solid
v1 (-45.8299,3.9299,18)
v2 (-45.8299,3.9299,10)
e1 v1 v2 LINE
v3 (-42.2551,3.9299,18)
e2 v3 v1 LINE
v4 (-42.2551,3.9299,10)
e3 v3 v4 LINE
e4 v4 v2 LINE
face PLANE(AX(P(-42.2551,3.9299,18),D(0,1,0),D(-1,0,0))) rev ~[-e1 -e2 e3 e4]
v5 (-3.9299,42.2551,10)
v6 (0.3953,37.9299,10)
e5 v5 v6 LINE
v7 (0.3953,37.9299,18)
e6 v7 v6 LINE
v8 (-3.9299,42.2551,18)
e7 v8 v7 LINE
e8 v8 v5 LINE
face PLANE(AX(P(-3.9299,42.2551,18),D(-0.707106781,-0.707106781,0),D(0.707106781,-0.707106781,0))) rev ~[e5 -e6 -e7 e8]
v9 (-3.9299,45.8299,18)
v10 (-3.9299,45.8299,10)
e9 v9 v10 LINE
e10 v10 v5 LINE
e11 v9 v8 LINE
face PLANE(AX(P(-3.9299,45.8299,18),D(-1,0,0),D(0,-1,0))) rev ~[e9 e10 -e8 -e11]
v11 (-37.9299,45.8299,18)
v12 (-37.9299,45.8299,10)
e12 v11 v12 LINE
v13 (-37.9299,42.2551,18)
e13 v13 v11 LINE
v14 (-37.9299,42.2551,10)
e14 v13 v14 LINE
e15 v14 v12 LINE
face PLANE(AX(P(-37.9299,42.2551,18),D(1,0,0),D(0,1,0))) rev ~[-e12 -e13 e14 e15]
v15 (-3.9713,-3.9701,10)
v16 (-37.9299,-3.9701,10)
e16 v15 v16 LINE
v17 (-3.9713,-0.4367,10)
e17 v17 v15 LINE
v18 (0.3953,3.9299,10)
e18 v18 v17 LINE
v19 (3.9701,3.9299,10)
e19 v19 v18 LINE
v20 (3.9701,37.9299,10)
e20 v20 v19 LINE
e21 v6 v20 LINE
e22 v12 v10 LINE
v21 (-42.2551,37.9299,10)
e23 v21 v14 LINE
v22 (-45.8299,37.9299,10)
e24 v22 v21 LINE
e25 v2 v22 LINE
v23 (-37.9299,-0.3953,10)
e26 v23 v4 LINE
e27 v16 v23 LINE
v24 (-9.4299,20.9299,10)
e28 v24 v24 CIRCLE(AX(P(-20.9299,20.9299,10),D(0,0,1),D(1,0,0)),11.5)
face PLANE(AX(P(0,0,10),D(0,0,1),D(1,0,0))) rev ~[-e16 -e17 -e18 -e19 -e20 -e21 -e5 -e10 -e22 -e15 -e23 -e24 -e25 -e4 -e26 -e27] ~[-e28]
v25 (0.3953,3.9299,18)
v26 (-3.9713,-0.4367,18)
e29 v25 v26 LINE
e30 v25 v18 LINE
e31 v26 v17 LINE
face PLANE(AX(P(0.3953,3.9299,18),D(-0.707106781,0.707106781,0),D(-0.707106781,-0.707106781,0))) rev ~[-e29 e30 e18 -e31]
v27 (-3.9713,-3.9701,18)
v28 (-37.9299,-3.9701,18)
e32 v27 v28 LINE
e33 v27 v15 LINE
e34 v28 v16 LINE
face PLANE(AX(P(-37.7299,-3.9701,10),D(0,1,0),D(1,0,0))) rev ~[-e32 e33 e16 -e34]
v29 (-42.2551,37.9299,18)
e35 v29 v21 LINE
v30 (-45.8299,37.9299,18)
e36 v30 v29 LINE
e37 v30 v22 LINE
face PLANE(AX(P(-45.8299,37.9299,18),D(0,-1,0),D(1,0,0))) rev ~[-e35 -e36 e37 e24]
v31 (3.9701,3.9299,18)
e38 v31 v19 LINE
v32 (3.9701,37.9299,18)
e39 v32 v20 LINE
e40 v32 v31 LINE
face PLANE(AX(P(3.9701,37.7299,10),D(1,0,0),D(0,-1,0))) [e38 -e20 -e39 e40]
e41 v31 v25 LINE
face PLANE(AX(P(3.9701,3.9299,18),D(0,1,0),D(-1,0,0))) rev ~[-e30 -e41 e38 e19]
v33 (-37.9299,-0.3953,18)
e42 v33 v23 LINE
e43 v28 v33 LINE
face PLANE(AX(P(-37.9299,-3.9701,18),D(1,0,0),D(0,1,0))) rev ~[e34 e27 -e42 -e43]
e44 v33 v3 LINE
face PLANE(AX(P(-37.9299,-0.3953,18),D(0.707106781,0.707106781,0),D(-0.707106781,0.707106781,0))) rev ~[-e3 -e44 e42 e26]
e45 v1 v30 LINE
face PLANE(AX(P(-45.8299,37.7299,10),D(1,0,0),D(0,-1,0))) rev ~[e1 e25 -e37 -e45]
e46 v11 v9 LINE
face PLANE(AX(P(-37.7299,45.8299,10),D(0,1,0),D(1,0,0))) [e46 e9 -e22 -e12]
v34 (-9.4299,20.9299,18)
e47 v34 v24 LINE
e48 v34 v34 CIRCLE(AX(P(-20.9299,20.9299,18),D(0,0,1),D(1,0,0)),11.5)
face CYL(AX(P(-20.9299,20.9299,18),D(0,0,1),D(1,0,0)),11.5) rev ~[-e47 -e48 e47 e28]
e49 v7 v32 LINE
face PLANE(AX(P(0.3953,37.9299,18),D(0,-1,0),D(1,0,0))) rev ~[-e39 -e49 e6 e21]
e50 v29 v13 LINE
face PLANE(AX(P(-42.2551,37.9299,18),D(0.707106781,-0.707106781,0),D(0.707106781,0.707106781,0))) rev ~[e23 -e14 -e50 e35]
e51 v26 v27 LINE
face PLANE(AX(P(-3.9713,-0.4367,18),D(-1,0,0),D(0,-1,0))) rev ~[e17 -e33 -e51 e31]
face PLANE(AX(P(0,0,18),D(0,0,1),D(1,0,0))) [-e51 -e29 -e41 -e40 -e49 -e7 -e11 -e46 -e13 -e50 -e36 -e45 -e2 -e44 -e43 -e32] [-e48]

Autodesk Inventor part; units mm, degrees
ref_plane "YZ Plane" through (0, 0, 0) normal (1, 0, 0) x (0, 1, 0)
ref_plane "XZ Plane" through (0, 0, 0) normal (0, 1, 0) x (-1, 0, 0)
ref_plane "Work Plane1" through (0, 0, 10) normal (0, 0, 1) x (1, 0, 0)
sketch "Sketch1" plane through (0, 0, 10) normal (0, 0, 1) x (1, 0, 0)
  line L0 (-4.0299, -0.3538) -> (-2.2322, 1.4439) construction
  arc A0 (-1.4439, 2.2322) -> (-2.2322, 1.4439) centre (-0.9299, 0.9299) ccw construction
  line L1 (-1.4439, 2.2322) -> (0.3538, 4.0299) construction
  line L2 (-37.8299, 42.8299) -> (-37.8299, 37.8299) construction
  line L3 (-37.8299, 37.8299) -> (-42.9208, 37.8299) construction
  line L4 (-37.8299, 42.2137) -> (-37.8299, 45.8299) construction
  line L5 (-37.8299, 45.8299) -> (-4.0299, 45.8299) construction
  line L6 (-4.0299, 45.8299) -> (-4.0299, 42.2137) construction
  line L7 (-4.0299, 4.0299) -> (0.3538, 4.0299) projected
  circle A1 centre (-20.9299, 20.9299) radius 17.5 projected
  line L8 (-20.9299, 58.9723) -> (17.1124, 20.9299) construction
  line L9 (17.1124, 20.9299) -> (-20.9299, -17.1124) construction
  line L10 (-20.9299, -17.1124) -> (-58.9723, 20.9299) construction
  line L11 (-58.9723, 20.9299) -> (-20.9299, 58.9723) construction
  line L12 (-20.9299, 58.9723) -> (-20.9299, -17.1124) construction
  line L13 (17.1124, 20.9299) -> (-58.9723, 20.9299) construction
  line L14 (-20.9299, 58.9723) -> (32.8701, 58.9723) construction
  line L15 (-43.4299, 43.4299) -> (1.5701, 43.4299) construction
  line L16 (1.5701, 43.4299) -> (1.5701, -1.5701) construction
  line L17 (1.5701, -1.5701) -> (-43.4299, -1.5701) construction
  line L18 (-43.4299, -1.5701) -> (-43.4299, 43.4299) construction
  line L19 (-43.4299, 43.4299) -> (1.5701, -1.5701) construction
  line L20 (1.5701, 43.4299) -> (-43.4299, -1.5701) construction
  line L21 (-43.4299, 5.3876) -> (-43.4299, 36.4723)
  line L22 (-43.4299, 36.4723) -> (-36.4723, 43.4299)
  line L23 (-36.4723, 43.4299) -> (-5.3876, 43.4299)
  line L24 (-5.3876, 43.4299) -> (1.5701, 36.4723)
  line L25 (1.5701, 36.4723) -> (1.5701, 5.3876)
  line L26 (1.5701, 5.3876) -> (-5.3876, -1.5701)
  line L27 (-5.3876, -1.5701) -> (-36.4723, -1.5701)
  line L28 (-36.4723, -1.5701) -> (-43.4299, 5.3876)
  line L29 (-4.0299, 42.2137) -> (-37.8299, 42.2137) projected
  line L30 (-4.0299, -0.3538) -> (-4.0299, 4.0299) projected
  circle A2 centre (-20.9299, 20.9299) radius 1.5
  line L31 (-10.9299, 10.9299) -> (-30.9299, 10.9299) construction
  line L32 (-30.9299, 10.9299) -> (-30.9299, 30.9299) construction
  line L33 (-30.9299, 30.9299) -> (-10.9299, 30.9299) construction
  line L34 (-10.9299, 30.9299) -> (-10.9299, 10.9299) construction
  line L35 (-10.9299, 10.9299) -> (-30.9299, 30.9299) construction
  line L36 (-30.9299, 10.9299) -> (-10.9299, 30.9299) construction
  circle A3 centre (-30.9299, 30.9299) radius 1.4
  circle A4 centre (-30.9299, 10.9299) radius 1.4
  circle A5 centre (-10.9299, 10.9299) radius 1.4
  line L37 (-45.8299, 37.8299) -> (-42.0723, 37.8299) construction
  line L38 (-42.1723, 37.7299) -> (-45.8299, 37.7299)
  line L39 (-45.8299, 37.7299) -> (-45.8299, 4.1299)
  line L40 (-45.8299, 4.1299) -> (-42.1723, 4.1299)
  line L41 (-42.1723, 4.1299) -> (-42.1723, 37.7299)
  line L42 (-45.8299, 4.0299) -> (-42.0723, 4.0299) construction
  line L43 (-45.8299, 37.8299) -> (-42.0723, 37.8299) projected
  line L44 (-37.7299, 45.8299) -> (-4.1299, 45.8299)
  line L45 (-4.1299, 45.8299) -> (-4.1299, 42.1723)
  line L46 (-4.1299, 42.1723) -> (-37.7299, 42.1723)
  line L47 (-37.7299, 42.1723) -> (-37.7299, 45.8299)
  line L48 (0.4701, 37.8299) -> (0.4701, 4.0299) construction
  line L49 (0.4701, 4.0299) -> (3.9701, 4.0299) construction
  line L50 (3.9701, 37.8299) -> (3.9701, 4.0299) construction
  line L51 (0.4701, 37.8299) -> (3.9701, 37.8299) construction
  line L52 (-45.8299, -3.9701) -> (-4.0299, -3.9701) construction
  line L53 (0.3124, 37.7299) -> (3.9701, 37.7299)
  line L54 (3.9701, 37.7299) -> (3.9701, 4.1299)
  line L55 (3.9701, 4.1299) -> (0.3124, 4.1299)
  line L56 (0.3124, 4.1299) -> (0.3124, 37.7299)
  line L57 (-4.1713, -0.3538) -> (-37.7299, -0.3538)
  line L58 (-37.7299, -0.3538) -> (-37.7299, -3.9701)
  line L59 (-37.7299, -3.9701) -> (-4.1713, -3.9701)
  line L60 (-4.1713, -3.9701) -> (-4.1713, -0.3538)
  point P0 (-37.8299, 4.0299)
  dimension "d18" = 53.8
  dimension "d19" = 45
  dimension "d20" = 53.8
  dimension "d21" = 45
  dimension "d22" = 45
  dimension "d30" = 20
  dimension "d31" = 20
  dimension "d32" = 2.8
  dimension "d33" = 2.8
  dimension "d34" = 2.8
  dimension "d35" = 3
  dimension "d36" = 0.1
  dimension "d37" = 0.1
  dimension "d38" = 0.1
  dimension "d39" = 0.1
extrude "Extrusion1" add sketch "Sketch1" along normal blind 8 contours L30 L26 L57 L28 L41 L22 L46 L24 L56 L7 | L7 L26 L30 | L56 L24 L25 L26 | L26 L25 L24 L53 L54 L55 | L60 L59 L58 L57 L28 L27 L26 | L26 L27 L28 L57 | L46 L22 L29 L24 | L24 L29 L45 | L40 L39 L38 L22 L21 L28 | L28 L21 L22 L41 | L29 L22 L23 L24 | L24 L23 L22 L29 L47 L44 L45 | L47 L29 L22 | A1 | A2 | A3 | A4 | A5
sketch "Skizze4" plane through (0, 0, 18) normal (0, 0, 1) x (1, 0, 0)
  line L0 (-37.7299, 42.1723) -> (-42.1723, 37.7299) projected
  line L1 (-42.1723, 37.7299) -> (-45.8299, 37.7299) projected
  line L2 (-45.8299, 37.7299) -> (-45.8299, 4.1299) construction
  line L3 (-45.8299, 4.1299) -> (-42.1723, 4.1299) projected
  line L4 (-42.1723, 4.1299) -> (-37.6885, -0.3538) projected
  line L5 (-37.6885, -0.3538) -> (-37.7299, -0.3538) projected
  line L6 (-37.7299, -0.3538) -> (-37.7299, -3.9701) projected
  line L7 (-37.7299, -3.9701) -> (-4.1713, -3.9701) construction
  line L8 (-4.1713, -3.9701) -> (-4.1713, -0.3538) projected
  line L9 (-4.1713, -0.3538) -> (0.3124, 4.1299) projected
  line L10 (0.3124, 4.1299) -> (3.9701, 4.1299) projected
  line L11 (3.9701, 4.1299) -> (3.9701, 37.7299) construction
  line L12 (3.9701, 37.7299) -> (0.3124, 37.7299) projected
  line L13 (0.3124, 37.7299) -> (-4.1299, 42.1723) projected
  line L14 (-4.1299, 42.1723) -> (-4.1299, 45.8299) projected
  line L15 (-4.1299, 45.8299) -> (-37.7299, 45.8299) construction
  line L16 (-37.7299, 45.8299) -> (-37.7299, 42.1723) projected
  line L17 (-37.9299, 46.0299) -> (-3.9299, 46.0299) construction
  line L18 (-3.9299, 46.0299) -> (-3.9299, 42.2551)
  line L19 (-3.9299, 42.2551) -> (0.3953, 37.9299)
  line L20 (0.3953, 37.9299) -> (4.1701, 37.9299)
  line L21 (4.1701, 37.9299) -> (4.1701, 3.9299) construction
  line L22 (4.1701, 3.9299) -> (0.3953, 3.9299)
  line L23 (0.3953, 3.9299) -> (-3.9713, -0.4367)
  line L24 (-3.9713, -0.4367) -> (-3.9713, -4.1701)
  line L25 (-3.9713, -4.1701) -> (-37.9299, -4.1701) construction
  line L26 (-37.9299, -4.1701) -> (-37.9299, -0.3953)
  line L27 (-37.9299, -0.3953) -> (-42.2551, 3.9299)
  line L28 (-42.2551, 3.9299) -> (-46.0299, 3.9299)
  line L29 (-46.0299, 3.9299) -> (-46.0299, 37.9299) construction
  line L30 (-46.0299, 37.9299) -> (-42.2551, 37.9299)
  line L31 (-42.2551, 37.9299) -> (-37.9299, 42.2551)
  line L32 (-37.9299, 42.2551) -> (-37.9299, 46.0299)
  line L33 (-45.8299, 37.7299) -> (-45.8299, 37.9299)
  line L34 (-4.1299, 45.8299) -> (-37.7299, 45.8299) projected
  line L35 (-37.7299, 45.8299) -> (-37.9299, 45.8299)
  line L36 (-4.1299, 45.8299) -> (-3.9299, 45.8299)
  line L37 (3.9701, 37.7299) -> (3.9701, 37.9299)
  line L38 (3.9701, 4.1299) -> (3.9701, 37.7299) projected
  line L39 (3.9701, 4.1299) -> (3.9701, 3.9299)
  line L40 (-4.1713, -3.9701) -> (-3.9713, -3.9701)
  line L41 (-37.7299, -3.9701) -> (-37.9299, -3.9701)
  line L42 (-45.8299, 4.1299) -> (-45.8299, 3.9299)
  point P0 (0, 0)
  dimension "d40" = 0.2
extrude "IM_offset" add sketch "Skizze4" against normal up to surface (8 mm away)
sketch "Sketch20" plane through (0, 0, 18) normal (0, 0, 1) x (1, 0, 0)
  line L0 (-3.9299, 45.8299) -> (-37.9299, 45.8299) projected
  line L1 (-37.9299, 45.8299) -> (-37.9299, 42.2551) projected
  line L2 (-37.9299, 42.2551) -> (-42.2551, 37.9299) projected
  line L3 (-42.2551, 37.9299) -> (-45.8299, 37.9299) projected
  line L4 (-45.8299, 37.9299) -> (-45.8299, 3.9299) projected
  line L5 (-42.2551, 3.9299) -> (-45.8299, 3.9299) projected
  line L6 (-37.9299, -0.3953) -> (-42.2551, 3.9299) projected
  line L7 (-37.9299, -3.9701) -> (-37.9299, -0.3953) projected
  line L8 (-3.9713, -3.9701) -> (-37.9299, -3.9701) projected
  line L9 (-3.9713, -3.9701) -> (-3.9713, -0.4367) projected
  line L10 (-3.9713, -0.4367) -> (0.3953, 3.9299) projected
  line L11 (0.3953, 3.9299) -> (3.9701, 3.9299) projected
  line L12 (3.9701, 3.9299) -> (3.9701, 37.9299) projected
  line L13 (3.9701, 37.9299) -> (0.3953, 37.9299) projected
  line L14 (0.3953, 37.9299) -> (-3.9299, 42.2551) projected
  line L15 (-3.9299, 42.2551) -> (-3.9299, 45.8299) projected
  circle A0 centre (-20.9299, 20.9299) radius 11.5
  line L16 (-12.9299, 28.9299) -> (-28.9299, 12.9299) construction
  line L17 (-28.9299, 28.9299) -> (-12.9299, 12.9299) construction
  point P0 (0, 0)
  dimension "d113" = 23
  dimension "d115" = 16
  dimension "d116" = 16
extrude "Extrusion18" cut sketch "Sketch20" against normal through all contours A0
properties part number "20_Cube_Insert_Eyepiece"
